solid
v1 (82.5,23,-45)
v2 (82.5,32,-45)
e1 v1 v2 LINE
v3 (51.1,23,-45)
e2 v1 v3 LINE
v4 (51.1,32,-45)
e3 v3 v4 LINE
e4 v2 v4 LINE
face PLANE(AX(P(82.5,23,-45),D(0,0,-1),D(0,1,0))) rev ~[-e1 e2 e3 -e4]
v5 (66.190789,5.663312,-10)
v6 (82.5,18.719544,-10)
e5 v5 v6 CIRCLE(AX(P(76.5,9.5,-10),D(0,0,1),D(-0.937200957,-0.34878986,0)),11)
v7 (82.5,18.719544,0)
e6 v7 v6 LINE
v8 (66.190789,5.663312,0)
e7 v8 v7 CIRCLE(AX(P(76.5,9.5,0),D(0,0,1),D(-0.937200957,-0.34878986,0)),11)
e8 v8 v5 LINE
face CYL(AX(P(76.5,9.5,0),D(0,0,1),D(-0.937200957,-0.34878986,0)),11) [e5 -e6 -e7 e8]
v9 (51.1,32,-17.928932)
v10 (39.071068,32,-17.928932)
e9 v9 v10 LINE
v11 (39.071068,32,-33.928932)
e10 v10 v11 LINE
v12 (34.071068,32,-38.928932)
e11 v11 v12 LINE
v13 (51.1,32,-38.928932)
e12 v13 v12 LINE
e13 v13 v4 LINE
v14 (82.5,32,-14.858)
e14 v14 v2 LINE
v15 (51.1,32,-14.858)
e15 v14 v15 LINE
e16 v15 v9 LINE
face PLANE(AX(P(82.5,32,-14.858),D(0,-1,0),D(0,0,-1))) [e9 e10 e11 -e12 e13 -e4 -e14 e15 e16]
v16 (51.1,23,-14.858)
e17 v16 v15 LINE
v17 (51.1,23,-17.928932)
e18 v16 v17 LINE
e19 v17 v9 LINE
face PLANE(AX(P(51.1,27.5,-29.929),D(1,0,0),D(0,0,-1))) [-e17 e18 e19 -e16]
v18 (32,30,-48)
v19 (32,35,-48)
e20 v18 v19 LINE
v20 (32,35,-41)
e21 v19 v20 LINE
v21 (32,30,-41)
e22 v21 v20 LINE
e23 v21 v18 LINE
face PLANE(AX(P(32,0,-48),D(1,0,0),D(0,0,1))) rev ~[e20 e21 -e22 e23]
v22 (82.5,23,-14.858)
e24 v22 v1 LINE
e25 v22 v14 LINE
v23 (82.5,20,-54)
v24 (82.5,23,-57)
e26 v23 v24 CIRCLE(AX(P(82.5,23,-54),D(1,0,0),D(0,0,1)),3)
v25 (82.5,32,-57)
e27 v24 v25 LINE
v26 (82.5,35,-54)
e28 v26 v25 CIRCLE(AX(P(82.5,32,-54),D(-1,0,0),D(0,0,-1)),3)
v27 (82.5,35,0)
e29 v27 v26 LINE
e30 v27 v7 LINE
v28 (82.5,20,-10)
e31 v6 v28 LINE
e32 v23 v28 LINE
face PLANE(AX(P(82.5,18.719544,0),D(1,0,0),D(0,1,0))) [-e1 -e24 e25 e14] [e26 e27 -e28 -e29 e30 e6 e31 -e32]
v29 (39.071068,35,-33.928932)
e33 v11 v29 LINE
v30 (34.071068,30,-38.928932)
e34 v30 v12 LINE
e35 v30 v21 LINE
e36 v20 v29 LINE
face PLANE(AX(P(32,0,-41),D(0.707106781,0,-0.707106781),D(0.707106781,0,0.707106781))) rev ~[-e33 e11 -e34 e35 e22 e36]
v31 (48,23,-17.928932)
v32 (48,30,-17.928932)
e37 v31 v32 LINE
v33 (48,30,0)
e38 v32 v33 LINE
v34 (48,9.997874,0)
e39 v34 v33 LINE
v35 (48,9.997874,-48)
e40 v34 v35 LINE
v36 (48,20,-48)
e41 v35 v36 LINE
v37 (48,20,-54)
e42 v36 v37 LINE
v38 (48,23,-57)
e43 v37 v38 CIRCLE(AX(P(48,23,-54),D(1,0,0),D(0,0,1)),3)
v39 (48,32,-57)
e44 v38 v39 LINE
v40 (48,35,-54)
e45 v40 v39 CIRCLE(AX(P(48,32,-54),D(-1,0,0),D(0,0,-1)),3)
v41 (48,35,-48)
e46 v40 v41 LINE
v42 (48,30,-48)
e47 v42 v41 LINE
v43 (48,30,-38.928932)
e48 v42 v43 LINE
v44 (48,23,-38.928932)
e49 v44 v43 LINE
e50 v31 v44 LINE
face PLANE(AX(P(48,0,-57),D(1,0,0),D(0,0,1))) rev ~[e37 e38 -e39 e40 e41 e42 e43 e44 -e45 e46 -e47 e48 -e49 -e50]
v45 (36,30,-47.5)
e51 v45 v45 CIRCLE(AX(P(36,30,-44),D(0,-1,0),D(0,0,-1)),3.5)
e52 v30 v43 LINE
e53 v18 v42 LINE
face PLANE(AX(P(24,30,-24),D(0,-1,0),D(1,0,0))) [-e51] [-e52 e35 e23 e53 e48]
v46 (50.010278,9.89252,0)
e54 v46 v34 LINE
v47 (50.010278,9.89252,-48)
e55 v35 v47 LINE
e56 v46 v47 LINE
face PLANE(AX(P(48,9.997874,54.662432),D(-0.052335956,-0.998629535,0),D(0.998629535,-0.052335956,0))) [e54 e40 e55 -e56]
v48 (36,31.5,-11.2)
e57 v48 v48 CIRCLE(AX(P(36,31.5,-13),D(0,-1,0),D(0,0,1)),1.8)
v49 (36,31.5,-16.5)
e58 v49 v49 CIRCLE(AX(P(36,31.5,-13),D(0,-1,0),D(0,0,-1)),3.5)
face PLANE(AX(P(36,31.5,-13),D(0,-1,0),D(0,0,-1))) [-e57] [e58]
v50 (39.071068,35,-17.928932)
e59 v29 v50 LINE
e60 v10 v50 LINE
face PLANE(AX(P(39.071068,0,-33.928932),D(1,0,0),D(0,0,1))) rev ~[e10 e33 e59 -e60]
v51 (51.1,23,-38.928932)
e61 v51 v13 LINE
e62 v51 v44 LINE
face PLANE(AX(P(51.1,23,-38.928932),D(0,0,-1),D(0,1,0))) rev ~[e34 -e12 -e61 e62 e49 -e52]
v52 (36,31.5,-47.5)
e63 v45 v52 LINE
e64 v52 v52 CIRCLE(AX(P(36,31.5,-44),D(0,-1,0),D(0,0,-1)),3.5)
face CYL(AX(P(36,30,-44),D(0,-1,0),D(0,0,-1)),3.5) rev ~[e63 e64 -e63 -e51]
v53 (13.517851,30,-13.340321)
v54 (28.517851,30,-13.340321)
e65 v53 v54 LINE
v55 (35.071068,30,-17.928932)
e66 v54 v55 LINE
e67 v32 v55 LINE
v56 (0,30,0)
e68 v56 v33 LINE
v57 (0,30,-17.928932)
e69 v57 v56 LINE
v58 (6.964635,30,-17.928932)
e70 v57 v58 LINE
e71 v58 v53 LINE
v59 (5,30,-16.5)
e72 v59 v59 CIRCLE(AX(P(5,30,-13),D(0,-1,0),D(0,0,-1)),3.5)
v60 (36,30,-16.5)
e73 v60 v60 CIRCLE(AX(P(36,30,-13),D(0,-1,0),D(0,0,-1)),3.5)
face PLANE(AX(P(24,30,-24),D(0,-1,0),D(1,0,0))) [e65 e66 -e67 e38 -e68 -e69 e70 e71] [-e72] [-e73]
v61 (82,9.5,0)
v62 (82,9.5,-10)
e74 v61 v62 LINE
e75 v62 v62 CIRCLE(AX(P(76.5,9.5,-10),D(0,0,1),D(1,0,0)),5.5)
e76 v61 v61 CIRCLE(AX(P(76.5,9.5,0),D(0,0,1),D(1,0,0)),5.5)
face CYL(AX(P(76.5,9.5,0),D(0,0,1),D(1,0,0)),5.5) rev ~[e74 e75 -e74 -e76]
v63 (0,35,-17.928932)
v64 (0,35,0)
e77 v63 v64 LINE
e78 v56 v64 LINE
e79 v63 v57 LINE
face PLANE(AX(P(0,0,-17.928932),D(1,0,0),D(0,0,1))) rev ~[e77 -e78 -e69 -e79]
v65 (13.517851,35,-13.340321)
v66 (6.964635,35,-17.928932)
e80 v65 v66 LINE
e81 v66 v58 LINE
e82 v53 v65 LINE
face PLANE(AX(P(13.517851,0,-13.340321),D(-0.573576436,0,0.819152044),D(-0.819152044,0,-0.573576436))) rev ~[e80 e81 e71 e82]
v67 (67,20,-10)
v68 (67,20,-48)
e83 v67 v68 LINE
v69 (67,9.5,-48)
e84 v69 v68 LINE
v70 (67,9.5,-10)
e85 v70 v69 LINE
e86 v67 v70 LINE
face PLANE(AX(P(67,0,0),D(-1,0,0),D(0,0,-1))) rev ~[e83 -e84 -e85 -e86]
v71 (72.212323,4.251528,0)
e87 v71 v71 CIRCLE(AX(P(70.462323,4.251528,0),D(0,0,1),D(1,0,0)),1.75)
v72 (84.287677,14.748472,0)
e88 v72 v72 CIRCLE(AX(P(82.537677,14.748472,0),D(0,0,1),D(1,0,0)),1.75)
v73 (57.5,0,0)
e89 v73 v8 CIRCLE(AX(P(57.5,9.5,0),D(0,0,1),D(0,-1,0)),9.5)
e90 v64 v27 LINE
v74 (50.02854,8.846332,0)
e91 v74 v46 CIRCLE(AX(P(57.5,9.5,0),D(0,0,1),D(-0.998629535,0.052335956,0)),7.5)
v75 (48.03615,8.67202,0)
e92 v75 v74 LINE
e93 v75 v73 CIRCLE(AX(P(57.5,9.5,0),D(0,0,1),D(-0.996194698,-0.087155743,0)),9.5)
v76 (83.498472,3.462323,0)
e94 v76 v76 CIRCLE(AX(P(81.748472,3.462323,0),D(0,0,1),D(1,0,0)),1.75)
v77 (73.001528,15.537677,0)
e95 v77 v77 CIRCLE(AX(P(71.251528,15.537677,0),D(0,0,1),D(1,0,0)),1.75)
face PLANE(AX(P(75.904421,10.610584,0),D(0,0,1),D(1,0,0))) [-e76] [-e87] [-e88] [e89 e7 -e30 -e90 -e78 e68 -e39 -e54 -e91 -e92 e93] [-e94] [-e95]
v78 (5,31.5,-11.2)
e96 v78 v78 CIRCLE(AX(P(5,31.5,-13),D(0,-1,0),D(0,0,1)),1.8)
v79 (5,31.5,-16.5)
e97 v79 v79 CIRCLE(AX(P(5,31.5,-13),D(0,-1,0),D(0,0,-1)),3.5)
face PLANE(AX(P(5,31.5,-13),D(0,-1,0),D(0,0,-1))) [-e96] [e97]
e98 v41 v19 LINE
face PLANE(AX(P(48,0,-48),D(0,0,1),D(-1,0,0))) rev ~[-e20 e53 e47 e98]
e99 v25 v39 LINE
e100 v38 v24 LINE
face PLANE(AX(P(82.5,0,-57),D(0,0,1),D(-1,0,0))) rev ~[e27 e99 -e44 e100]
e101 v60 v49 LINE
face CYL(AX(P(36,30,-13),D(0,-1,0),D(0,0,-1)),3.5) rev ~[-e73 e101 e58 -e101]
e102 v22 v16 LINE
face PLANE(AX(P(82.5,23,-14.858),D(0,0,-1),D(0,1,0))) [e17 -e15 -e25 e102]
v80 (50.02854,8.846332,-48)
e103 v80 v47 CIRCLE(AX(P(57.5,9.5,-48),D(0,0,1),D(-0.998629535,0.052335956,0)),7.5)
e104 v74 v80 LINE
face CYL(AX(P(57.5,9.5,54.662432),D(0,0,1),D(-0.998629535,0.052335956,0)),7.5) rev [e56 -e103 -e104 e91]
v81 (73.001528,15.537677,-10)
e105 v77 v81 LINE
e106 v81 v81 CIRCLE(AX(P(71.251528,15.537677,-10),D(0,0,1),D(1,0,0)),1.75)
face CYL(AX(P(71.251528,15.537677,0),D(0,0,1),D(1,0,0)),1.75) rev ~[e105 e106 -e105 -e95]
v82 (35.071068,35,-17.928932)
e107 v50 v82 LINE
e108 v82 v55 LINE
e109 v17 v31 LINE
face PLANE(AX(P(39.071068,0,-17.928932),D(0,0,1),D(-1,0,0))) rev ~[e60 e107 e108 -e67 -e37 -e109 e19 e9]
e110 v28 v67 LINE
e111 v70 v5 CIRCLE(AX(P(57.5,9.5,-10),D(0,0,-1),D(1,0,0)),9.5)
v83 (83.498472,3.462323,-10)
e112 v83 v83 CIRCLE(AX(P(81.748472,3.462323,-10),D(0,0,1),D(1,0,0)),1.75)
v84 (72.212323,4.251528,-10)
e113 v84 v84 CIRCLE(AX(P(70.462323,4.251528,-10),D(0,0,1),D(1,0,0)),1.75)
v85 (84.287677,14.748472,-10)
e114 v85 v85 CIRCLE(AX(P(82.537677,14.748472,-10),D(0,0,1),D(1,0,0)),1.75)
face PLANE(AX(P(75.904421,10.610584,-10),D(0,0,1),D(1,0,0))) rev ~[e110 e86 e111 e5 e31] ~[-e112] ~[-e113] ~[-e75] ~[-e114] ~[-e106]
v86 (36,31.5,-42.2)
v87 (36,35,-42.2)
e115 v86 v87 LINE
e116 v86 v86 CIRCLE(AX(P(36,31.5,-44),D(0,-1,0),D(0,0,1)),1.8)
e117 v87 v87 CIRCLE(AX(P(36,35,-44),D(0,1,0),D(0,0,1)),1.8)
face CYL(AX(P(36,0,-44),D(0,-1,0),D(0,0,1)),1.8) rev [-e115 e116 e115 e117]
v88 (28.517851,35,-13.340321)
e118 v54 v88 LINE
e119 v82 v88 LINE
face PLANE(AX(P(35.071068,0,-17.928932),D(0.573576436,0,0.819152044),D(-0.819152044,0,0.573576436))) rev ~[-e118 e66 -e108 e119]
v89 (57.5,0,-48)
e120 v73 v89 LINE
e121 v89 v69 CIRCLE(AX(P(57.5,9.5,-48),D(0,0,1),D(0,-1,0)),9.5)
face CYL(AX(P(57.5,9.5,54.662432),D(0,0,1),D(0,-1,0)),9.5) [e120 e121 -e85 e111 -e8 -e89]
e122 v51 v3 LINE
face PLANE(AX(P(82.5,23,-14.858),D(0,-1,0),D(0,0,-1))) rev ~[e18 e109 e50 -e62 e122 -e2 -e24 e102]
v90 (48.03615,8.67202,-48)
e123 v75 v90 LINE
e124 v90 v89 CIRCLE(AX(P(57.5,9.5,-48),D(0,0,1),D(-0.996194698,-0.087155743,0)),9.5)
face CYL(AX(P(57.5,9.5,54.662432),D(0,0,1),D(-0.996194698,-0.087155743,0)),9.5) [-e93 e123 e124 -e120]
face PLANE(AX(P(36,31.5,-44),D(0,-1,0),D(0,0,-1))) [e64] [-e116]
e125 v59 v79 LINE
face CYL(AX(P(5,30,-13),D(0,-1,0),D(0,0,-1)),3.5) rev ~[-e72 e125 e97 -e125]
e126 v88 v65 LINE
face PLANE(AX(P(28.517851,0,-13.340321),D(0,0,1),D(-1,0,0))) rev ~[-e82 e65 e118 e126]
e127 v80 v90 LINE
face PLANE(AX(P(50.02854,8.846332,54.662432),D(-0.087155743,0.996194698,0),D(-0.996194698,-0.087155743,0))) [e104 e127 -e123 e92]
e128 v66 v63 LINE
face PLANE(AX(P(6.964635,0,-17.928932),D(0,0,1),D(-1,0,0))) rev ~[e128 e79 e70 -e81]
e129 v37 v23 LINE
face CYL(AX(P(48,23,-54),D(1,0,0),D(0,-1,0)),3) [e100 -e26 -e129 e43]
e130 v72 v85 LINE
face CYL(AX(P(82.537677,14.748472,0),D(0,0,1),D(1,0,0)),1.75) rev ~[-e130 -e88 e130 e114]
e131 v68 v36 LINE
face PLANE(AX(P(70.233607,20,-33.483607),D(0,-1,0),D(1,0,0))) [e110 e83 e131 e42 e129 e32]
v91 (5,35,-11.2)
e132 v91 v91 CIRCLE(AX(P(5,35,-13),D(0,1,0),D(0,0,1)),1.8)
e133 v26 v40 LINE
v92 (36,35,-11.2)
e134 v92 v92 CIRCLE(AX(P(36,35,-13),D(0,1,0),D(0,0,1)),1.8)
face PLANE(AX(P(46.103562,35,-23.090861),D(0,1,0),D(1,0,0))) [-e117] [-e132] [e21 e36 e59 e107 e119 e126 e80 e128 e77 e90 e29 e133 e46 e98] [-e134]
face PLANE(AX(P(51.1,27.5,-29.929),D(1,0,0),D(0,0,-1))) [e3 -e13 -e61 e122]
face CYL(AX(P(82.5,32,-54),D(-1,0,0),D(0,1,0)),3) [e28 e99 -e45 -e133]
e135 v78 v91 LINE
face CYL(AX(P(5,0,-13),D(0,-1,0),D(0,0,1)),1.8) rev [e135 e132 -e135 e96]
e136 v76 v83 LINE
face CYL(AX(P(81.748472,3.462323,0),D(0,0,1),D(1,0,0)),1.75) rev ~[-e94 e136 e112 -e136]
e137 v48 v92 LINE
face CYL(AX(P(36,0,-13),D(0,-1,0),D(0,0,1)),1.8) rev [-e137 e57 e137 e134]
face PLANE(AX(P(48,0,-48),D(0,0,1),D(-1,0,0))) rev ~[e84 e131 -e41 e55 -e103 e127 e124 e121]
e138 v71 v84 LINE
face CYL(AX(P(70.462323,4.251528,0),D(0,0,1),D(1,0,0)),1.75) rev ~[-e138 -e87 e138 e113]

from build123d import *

# Parameters (mm, degrees)
SKETCH1_R               = 1.8
BOSS_EXTRUDE1_DEPTH     = 35
CUT_EXTRUDE1_DEPTH      = 20
FILLET1_R               = 3
CUT_EXTRUDE2_DEPTH      = 102.662431606
CUT_EXTRUDE2_DEPTH_BACK = 102.662431606
SKETCH5_W               = 48
SKETCH5_H               = 48
CUT_EXTRUDE3_DEPTH      = 30
SKETCH6_W               = 30.142
SKETCH6_H               = 9
CUT_EXTRUDE4_DEPTH      = 31.4
SKETCH7_W               = 21
SKETCH7_H               = 9
CUT_EXTRUDE5_DEPTH      = 85.173689476
SKETCH8_R               = 3.5
CUT_EXTRUDE6_DEPTH      = 1.5
SKETCH11_R              = 1.75
SKETCH11_R_2            = 5.5
BOSS_EXTRUDE3_DEPTH     = 10


with BuildPart() as part:
    # Sketch1 → Boss-Extrude1 (new body)
    with BuildSketch(Plane(origin=(0, 0, 0), x_dir=(1, 0, 0), z_dir=(0, 1, 0))):
        Polygon((6.964635103, 17.928932188), (0, 17.928932188), (0, 0), (82.5, 0), (82.5, 57), (48, 57), (48, 48), (32, 48), (32, 41), (39.071067812, 33.928932188), (39.071067812, 17.928932188), (35.071067812, 17.928932188), (28.517851458, 13.340320697), (13.517851458, 13.340320697), align=None)
        with Locations(Location((36, 44, 0), (0, 0, 270))):
            Circle(SKETCH1_R, mode=Mode.SUBTRACT)
        with Locations(Location((36, 13, 0), (0, 0, 270))):
            Circle(SKETCH1_R, mode=Mode.SUBTRACT)
        with Locations(Location((5, 13, 0), (0, 0, 270))):
            Circle(SKETCH1_R, mode=Mode.SUBTRACT)
    extrude(amount=BOSS_EXTRUDE1_DEPTH)

    # Sketch2 → Cut-Extrude1 (cut)
    with BuildSketch(Plane.XZ):
        Polygon((82.5, -57), (82.5, 0), (67, 0), (67, -48), (48, -48), (48, -57), align=None)
    extrude(amount=-CUT_EXTRUDE1_DEPTH, mode=Mode.SUBTRACT)

    # Fillet1
    fillet1_edges = [part.edges().sort_by_distance(p)[0] for p in [
        (65.25, 35, -57),
        (65.25, 20, -57),
    ]]
    fillet(fillet1_edges, radius=FILLET1_R)

    # Sketch3 → Cut-Extrude2 (cut, two sides: drawn at the far end of the back side and taken through both)
    with BuildSketch(Plane(origin=(0, 0, -48), x_dir=(-1, 0, 0), z_dir=(0, 0, -1)).offset(-CUT_EXTRUDE2_DEPTH_BACK)):
        with BuildLine():
            ThreePointArc((-50.010278489, 9.892519672), (-64.998857714, 9.630893048), (-50.028539764, 8.846331929))
            Line((-50.028539764, 8.846331929), (-48.036150368, 8.672020444))
            ThreePointArc((-48.036150368, 8.672020444), (-51.081893028, 2.4958653), (-57.5, 0))
            Line((-57.5, 0), (-48, 0))
            Line((-48, 0), (-48, 9.997873903))
            Line((-48, 9.997873903), (-50.010278489, 9.892519672))
        make_face()
        with BuildLine():
            Line((-67, 0), (-57.5, 0))
            ThreePointArc((-57.5, 0), (-64.217514421, 2.782485579), (-67, 9.5))
            Line((-67, 9.5), (-67, 0))
        make_face()
    extrude(amount=CUT_EXTRUDE2_DEPTH + CUT_EXTRUDE2_DEPTH_BACK, mode=Mode.SUBTRACT)

    # Sketch5 → Cut-Extrude3 (cut)
    with BuildSketch(Plane.XZ):
        with Locations((24, -24)):
            Rectangle(SKETCH5_W, SKETCH5_H)
    extrude(amount=-CUT_EXTRUDE3_DEPTH, mode=Mode.SUBTRACT)

    # Sketch6 → Cut-Extrude4 (cut)
    with BuildSketch(Plane(origin=(82.5, 0, 0), x_dir=(0, 0, -1), z_dir=(1, 0, 0))):
        with Locations((29.929, 27.5)):
            Rectangle(SKETCH6_W, SKETCH6_H)
    extrude(amount=-CUT_EXTRUDE4_DEPTH, mode=Mode.SUBTRACT)

    # Sketch7 → Cut-Extrude5 (cut, through all)
    with BuildSketch(Plane(origin=(51.1, 0, 0), x_dir=(0, 0, -1), z_dir=(1, 0, 0))):
        with Locations((28.428932188, 27.5)):
            Rectangle(SKETCH7_W, SKETCH7_H)
    extrude(amount=-CUT_EXTRUDE5_DEPTH, mode=Mode.SUBTRACT)

    # Sketch8 → Cut-Extrude6 (cut)
    with BuildSketch(Plane.XZ.offset(-30)):
        with Locations(Location((5, -13, 0), (0, 0, 270))):
            Circle(SKETCH8_R)
        with Locations(Location((36, -13, 0), (0, 0, 270))):
            Circle(SKETCH8_R)
        with Locations(Location((36, -44, 0), (0, 0, 270))):
            Circle(SKETCH8_R)
    extrude(amount=-CUT_EXTRUDE6_DEPTH, mode=Mode.SUBTRACT)

    # Sketch11 → Boss-Extrude3 (add)
    with BuildSketch(Plane.XY):
        with BuildLine():
            Line((67, 20), (67, 9.5))
            ThreePointArc((67, 9.5), (66.795496221, 7.539451607), (66.190789474, 5.663311542))
            ThreePointArc((66.190789474, 5.663311542), (83.374491132, 0.912720357), (82.5, 18.719544457))
            Line((82.5, 18.719544457), (82.5, 20))
            Line((82.5, 20), (67, 20))
        make_face()
        with Locations((82.537676642, 14.748472232)):
            Circle(SKETCH11_R, mode=Mode.SUBTRACT)
        with Locations((70.462323358, 4.251527768)):
            Circle(SKETCH11_R, mode=Mode.SUBTRACT)
        with Locations((81.748472232, 3.462323358)):
            Circle(SKETCH11_R, mode=Mode.SUBTRACT)
        with Locations((76.5, 9.5)):
            Circle(SKETCH11_R_2, mode=Mode.SUBTRACT)
        with Locations((71.251527768, 15.537676642)):
            Circle(SKETCH11_R, mode=Mode.SUBTRACT)
    extrude(amount=-BOSS_EXTRUDE3_DEPTH)


solid = part.part
